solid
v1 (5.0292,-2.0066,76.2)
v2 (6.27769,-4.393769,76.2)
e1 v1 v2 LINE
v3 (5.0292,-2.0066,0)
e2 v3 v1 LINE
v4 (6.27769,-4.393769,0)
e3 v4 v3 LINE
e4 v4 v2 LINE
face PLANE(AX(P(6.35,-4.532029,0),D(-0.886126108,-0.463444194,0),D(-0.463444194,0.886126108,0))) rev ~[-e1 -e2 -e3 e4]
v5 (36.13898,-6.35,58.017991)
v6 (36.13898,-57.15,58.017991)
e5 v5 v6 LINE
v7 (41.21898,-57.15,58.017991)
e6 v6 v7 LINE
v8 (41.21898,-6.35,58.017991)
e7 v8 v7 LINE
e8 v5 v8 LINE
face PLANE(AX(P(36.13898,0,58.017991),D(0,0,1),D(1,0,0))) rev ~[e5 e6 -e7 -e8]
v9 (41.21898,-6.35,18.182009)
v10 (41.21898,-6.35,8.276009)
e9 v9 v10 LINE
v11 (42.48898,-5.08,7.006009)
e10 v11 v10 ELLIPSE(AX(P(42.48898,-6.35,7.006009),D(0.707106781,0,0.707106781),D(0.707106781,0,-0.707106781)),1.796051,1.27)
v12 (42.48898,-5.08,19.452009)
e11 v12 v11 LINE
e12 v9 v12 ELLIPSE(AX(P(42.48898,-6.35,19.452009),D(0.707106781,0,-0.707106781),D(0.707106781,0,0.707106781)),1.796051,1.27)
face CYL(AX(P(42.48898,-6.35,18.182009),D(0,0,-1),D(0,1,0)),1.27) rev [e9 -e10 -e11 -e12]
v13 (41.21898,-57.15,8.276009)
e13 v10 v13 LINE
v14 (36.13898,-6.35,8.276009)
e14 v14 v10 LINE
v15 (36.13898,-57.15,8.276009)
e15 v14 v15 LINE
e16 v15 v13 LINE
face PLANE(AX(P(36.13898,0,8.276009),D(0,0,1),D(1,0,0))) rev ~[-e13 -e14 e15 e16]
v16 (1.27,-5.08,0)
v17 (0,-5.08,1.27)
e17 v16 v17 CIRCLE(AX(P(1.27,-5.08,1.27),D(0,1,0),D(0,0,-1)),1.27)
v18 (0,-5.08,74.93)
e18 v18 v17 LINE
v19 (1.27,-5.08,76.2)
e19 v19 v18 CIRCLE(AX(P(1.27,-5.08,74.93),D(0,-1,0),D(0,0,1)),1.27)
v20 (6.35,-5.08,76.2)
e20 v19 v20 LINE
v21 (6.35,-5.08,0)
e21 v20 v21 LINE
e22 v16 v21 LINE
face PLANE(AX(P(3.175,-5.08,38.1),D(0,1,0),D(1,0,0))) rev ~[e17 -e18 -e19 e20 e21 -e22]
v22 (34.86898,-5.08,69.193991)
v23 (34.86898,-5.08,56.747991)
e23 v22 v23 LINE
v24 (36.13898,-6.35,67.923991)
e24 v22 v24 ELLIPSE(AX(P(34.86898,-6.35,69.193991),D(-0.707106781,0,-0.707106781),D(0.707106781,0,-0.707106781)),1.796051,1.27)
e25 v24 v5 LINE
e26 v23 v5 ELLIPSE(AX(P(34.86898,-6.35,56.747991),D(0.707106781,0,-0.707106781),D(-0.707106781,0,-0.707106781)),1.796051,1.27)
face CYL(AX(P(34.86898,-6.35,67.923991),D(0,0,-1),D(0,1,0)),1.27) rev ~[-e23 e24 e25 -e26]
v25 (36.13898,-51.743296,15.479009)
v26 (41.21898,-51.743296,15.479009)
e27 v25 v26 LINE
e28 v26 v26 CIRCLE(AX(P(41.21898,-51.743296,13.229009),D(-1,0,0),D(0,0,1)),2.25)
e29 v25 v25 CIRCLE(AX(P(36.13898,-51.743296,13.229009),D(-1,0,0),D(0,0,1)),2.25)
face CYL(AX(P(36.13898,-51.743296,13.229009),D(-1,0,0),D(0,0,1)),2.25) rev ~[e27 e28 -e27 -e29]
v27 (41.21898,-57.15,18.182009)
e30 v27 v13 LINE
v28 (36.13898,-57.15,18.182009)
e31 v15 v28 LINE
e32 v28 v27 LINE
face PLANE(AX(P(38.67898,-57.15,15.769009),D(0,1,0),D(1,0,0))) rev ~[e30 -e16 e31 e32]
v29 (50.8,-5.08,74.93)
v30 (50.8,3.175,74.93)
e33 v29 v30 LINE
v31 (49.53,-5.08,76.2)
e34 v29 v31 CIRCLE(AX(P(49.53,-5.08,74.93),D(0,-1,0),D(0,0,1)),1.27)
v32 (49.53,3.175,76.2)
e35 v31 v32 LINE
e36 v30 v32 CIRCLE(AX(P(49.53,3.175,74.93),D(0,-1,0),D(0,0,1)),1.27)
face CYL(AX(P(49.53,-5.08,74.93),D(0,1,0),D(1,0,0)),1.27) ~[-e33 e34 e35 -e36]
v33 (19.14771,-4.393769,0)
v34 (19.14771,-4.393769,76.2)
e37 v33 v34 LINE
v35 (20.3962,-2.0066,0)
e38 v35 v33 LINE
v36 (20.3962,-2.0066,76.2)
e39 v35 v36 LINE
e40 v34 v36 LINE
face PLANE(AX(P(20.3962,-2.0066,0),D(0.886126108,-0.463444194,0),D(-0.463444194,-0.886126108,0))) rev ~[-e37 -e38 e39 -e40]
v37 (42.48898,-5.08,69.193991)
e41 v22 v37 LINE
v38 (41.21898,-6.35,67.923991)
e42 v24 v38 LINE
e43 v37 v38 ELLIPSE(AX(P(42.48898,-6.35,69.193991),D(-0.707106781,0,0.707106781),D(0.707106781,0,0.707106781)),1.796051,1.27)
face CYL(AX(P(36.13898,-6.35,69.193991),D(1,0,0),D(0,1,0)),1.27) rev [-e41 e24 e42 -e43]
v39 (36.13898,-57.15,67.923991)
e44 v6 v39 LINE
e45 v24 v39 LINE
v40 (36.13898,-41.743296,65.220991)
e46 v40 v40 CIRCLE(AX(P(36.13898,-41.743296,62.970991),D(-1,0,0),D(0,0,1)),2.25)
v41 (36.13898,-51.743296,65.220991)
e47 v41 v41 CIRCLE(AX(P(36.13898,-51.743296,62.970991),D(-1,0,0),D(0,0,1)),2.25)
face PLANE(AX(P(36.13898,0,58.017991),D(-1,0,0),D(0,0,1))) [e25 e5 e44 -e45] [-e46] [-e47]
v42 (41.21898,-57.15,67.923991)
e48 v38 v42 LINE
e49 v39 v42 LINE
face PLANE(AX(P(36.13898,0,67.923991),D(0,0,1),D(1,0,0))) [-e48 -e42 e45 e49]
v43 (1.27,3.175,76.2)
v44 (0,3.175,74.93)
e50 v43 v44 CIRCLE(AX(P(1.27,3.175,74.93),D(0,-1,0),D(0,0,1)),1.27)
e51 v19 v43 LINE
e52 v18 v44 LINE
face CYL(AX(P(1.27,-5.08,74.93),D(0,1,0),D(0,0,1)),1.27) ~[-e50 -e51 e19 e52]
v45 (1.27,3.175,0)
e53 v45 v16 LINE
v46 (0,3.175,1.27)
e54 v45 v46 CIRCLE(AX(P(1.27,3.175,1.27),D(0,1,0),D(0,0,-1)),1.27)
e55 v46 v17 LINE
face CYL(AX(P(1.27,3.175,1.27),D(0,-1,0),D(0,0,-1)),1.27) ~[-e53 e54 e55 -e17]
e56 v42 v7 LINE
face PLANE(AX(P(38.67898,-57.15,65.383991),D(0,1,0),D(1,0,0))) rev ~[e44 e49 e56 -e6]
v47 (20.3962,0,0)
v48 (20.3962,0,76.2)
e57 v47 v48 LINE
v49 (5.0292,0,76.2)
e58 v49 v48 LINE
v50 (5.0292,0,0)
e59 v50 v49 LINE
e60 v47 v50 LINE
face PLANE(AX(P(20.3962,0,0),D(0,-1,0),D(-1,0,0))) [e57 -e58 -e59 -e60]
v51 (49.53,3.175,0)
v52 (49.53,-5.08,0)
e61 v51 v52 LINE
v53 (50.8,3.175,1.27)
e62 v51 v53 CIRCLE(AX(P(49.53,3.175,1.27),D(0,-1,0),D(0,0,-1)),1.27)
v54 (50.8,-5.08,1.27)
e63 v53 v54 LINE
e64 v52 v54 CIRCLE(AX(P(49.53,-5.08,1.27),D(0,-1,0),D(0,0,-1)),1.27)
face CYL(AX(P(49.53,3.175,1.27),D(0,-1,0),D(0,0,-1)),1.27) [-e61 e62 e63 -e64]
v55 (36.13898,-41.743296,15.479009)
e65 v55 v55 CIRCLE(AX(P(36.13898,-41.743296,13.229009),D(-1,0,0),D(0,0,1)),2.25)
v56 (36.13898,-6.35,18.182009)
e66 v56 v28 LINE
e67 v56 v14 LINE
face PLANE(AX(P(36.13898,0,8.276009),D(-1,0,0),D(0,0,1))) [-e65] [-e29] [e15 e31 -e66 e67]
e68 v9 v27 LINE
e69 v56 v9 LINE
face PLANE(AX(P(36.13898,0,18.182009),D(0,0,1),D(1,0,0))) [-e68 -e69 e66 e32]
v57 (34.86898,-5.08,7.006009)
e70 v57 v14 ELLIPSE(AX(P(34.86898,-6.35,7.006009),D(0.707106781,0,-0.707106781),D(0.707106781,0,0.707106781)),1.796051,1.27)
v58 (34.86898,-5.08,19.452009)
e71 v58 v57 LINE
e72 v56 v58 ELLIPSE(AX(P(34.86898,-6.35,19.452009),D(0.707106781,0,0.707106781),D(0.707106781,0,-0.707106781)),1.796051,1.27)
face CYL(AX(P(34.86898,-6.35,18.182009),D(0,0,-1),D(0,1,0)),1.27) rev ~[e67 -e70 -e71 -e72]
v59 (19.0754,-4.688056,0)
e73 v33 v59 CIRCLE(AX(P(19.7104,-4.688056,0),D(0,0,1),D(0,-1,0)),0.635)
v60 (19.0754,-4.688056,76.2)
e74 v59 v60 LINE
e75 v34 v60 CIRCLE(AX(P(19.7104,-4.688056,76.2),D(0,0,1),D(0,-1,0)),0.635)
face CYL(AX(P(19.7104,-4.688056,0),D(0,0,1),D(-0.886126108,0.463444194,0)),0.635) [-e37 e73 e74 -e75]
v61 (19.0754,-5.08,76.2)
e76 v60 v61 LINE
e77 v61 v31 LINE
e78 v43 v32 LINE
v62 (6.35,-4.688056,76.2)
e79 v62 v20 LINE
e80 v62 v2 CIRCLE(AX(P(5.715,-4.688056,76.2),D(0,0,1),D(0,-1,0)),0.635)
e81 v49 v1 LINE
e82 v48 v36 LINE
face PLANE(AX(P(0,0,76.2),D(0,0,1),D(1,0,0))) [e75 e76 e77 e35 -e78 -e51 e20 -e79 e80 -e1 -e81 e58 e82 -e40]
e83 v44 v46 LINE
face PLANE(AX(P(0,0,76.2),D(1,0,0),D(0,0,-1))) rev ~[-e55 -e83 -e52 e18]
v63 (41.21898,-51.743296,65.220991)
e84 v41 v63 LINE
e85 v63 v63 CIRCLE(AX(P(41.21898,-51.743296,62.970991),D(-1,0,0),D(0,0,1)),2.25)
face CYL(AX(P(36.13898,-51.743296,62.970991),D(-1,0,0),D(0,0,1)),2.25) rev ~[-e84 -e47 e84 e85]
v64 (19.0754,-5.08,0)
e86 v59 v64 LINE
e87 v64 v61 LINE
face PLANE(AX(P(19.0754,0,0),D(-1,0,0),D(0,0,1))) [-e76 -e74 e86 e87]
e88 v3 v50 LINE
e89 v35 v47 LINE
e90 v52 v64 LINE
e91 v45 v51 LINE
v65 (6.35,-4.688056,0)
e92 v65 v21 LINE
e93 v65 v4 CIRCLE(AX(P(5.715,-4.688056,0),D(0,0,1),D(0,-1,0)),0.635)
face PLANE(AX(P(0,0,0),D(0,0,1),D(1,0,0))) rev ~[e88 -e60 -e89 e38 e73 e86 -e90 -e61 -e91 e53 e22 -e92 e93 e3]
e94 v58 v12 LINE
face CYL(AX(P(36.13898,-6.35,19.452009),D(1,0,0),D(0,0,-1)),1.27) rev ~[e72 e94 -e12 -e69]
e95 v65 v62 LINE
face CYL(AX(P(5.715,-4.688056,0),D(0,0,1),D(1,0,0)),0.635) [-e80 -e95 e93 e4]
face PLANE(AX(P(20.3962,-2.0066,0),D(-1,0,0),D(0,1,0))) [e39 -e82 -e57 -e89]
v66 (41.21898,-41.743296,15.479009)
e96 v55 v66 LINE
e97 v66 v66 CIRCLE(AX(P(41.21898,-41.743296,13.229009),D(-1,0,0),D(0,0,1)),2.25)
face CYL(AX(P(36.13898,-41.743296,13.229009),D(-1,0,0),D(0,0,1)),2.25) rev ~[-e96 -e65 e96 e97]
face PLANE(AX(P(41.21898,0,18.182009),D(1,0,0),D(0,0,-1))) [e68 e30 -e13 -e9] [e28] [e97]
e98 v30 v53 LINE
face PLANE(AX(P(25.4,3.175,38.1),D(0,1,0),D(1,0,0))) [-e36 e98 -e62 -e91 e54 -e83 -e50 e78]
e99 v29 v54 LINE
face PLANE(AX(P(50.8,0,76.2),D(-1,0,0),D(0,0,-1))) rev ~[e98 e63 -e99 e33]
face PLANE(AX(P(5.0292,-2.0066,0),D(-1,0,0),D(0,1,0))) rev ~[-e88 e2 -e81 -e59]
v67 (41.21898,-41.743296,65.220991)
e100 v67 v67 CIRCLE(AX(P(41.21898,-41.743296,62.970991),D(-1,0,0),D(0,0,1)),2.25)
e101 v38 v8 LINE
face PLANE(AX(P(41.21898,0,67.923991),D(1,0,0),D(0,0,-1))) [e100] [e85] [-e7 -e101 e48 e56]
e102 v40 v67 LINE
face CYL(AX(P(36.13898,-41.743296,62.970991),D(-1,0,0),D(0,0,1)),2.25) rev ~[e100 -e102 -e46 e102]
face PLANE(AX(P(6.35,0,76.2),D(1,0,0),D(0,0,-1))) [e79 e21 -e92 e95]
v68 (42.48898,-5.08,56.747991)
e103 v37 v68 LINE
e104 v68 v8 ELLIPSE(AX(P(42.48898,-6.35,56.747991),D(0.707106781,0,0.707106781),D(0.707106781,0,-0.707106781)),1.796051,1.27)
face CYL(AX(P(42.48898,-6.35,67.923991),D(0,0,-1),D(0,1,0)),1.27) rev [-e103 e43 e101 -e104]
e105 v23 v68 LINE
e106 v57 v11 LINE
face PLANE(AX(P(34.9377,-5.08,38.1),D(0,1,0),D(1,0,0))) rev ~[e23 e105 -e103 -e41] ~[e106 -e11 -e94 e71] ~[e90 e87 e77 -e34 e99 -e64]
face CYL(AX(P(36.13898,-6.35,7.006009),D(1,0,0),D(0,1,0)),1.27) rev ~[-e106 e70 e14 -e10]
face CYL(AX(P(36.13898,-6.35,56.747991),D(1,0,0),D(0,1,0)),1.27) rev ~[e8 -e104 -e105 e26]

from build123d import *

# Parameters (mm, degrees)
SKETCH2_W           = 50.8
SKETCH2_H           = 76.2
BOSS_EXTRUDE1_DEPTH = 3.175
SKETCH2_5_W         = 6.35
SKETCH2_5_H         = 76.2
SKETCH2_5_W_2       = 5.08
SKETCH2_5_H_2       = 9.906
BOSS_EXTRUDE2_DEPTH = 5.08
SKETCH2_6_W         = 5.08
SKETCH2_6_H         = 9.906
BOSS_EXTRUDE3_DEPTH = 57.15
SKETCH4_R           = 2.249999945
CUT_EXTRUDE1_DEPTH  = 50.8
FILLET1_R           = 1.27
CUT_EXTRUDE2_DEPTH  = 101.6
FILLET2_R           = 0.635


with BuildPart() as part:
    # Sketch2 → Boss-Extrude1 (new body)
    with BuildSketch(Plane(origin=(0, 0, 0), x_dir=(1, 0, 0), z_dir=(0, 1, 0))):
        with Locations((25.4, -38.1)):
            Rectangle(SKETCH2_W, SKETCH2_H)
    extrude(amount=BOSS_EXTRUDE1_DEPTH)

    # Sketch2<5> → Boss-Extrude2 (add)
    # profile 1 of 2: a face of its own
    with BuildSketch(Plane(origin=(0, 0, 0), x_dir=(1, 0, 0), z_dir=(0, 1, 0))):
        with Locations((3.175, -38.1)):
            Rectangle(SKETCH2_5_W, SKETCH2_5_H)
    # profile 2 of 2: a face of its own
    with BuildSketch(Plane(origin=(0, 0, 0), x_dir=(1, 0, 0), z_dir=(0, 1, 0))):
        Polygon((50.8, 0), (19.0754, 0), (19.0754, -38.1), (19.0754, -76.2), (50.8, -76.2), align=None)
        with Locations((38.678980046, -62.970991406)):
            Rectangle(SKETCH2_5_W_2, SKETCH2_5_H_2, mode=Mode.SUBTRACT)
        with Locations((38.678980046, -13.229008594)):
            Rectangle(SKETCH2_5_W_2, SKETCH2_5_H_2, mode=Mode.SUBTRACT)
    extrude(amount=-BOSS_EXTRUDE2_DEPTH)

    # Sketch2<6> → Boss-Extrude3 (add)
    with BuildSketch(Plane(origin=(0, 0, 0), x_dir=(1, 0, 0), z_dir=(0, 1, 0))):
        with Locations((38.678980046, -13.229008594)):
            Rectangle(SKETCH2_6_W, SKETCH2_6_H)
        with Locations((38.678980046, -62.970991406)):
            Rectangle(SKETCH2_6_W, SKETCH2_6_H)
    extrude(amount=-BOSS_EXTRUDE3_DEPTH)

    # Sketch4 → Cut-Extrude1 (cut)
    with BuildSketch(Plane.ZY.offset(-36.138980046)):
        with Locations((13.229008594, -41.743296244)):
            Circle(SKETCH4_R)
        with Locations((13.229008594, -51.743296056)):
            Circle(SKETCH4_R)
        with Locations((62.970991406, -41.743296244)):
            Circle(SKETCH4_R)
        with Locations((62.970991406, -51.743296056)):
            Circle(SKETCH4_R)
    extrude(amount=-CUT_EXTRUDE1_DEPTH, mode=Mode.SUBTRACT)

    # Fillet1
    fillet1_edges = [part.edges().sort_by_distance(p)[0] for p in [
        (0, -0.9525, 0),
        (0, -0.9525, 76.2),
        (50.8, -0.9525, 76.2),
        (50.8, -0.9525, 0),
        (38.678980046, -5.08, 67.923991406),
        (36.138980046, -5.08, 62.970991406),
        (38.678980046, -5.08, 58.017991406),
        (41.218980046, -5.08, 13.229008594),
        (36.138980046, -5.08, 13.229008594),
        (38.678980046, -5.08, 8.276008594),
        (41.218980046, -5.08, 62.970991406),
        (38.678980046, -5.08, 18.182008594),
    ]]
    fillet(fillet1_edges, radius=FILLET1_R)

    # Sketch5 → Cut-Extrude2 (cut)
    with BuildSketch(Plane(origin=(0, 0, 0), x_dir=(-1, 0, 0), z_dir=(0, 0, -1))):
        Polygon((-19.0754, 0), (-20.3962, 0), (-20.3962, -2.0066), (-19.0754, -4.532028908), align=None)
        Polygon((-5.0292, 0), (-6.35, 0), (-6.35, -4.532028908), (-5.0292, -2.0066), align=None)
    extrude(amount=-CUT_EXTRUDE2_DEPTH, mode=Mode.SUBTRACT)

    # Fillet2
    fillet2_edges = [part.edges().sort_by_distance(p)[0] for p in [
        (19.0754, -4.532028908, 38.1),
        (6.35, -4.532028908, 38.1),
    ]]
    fillet(fillet2_edges, radius=FILLET2_R)


solid = part.part
